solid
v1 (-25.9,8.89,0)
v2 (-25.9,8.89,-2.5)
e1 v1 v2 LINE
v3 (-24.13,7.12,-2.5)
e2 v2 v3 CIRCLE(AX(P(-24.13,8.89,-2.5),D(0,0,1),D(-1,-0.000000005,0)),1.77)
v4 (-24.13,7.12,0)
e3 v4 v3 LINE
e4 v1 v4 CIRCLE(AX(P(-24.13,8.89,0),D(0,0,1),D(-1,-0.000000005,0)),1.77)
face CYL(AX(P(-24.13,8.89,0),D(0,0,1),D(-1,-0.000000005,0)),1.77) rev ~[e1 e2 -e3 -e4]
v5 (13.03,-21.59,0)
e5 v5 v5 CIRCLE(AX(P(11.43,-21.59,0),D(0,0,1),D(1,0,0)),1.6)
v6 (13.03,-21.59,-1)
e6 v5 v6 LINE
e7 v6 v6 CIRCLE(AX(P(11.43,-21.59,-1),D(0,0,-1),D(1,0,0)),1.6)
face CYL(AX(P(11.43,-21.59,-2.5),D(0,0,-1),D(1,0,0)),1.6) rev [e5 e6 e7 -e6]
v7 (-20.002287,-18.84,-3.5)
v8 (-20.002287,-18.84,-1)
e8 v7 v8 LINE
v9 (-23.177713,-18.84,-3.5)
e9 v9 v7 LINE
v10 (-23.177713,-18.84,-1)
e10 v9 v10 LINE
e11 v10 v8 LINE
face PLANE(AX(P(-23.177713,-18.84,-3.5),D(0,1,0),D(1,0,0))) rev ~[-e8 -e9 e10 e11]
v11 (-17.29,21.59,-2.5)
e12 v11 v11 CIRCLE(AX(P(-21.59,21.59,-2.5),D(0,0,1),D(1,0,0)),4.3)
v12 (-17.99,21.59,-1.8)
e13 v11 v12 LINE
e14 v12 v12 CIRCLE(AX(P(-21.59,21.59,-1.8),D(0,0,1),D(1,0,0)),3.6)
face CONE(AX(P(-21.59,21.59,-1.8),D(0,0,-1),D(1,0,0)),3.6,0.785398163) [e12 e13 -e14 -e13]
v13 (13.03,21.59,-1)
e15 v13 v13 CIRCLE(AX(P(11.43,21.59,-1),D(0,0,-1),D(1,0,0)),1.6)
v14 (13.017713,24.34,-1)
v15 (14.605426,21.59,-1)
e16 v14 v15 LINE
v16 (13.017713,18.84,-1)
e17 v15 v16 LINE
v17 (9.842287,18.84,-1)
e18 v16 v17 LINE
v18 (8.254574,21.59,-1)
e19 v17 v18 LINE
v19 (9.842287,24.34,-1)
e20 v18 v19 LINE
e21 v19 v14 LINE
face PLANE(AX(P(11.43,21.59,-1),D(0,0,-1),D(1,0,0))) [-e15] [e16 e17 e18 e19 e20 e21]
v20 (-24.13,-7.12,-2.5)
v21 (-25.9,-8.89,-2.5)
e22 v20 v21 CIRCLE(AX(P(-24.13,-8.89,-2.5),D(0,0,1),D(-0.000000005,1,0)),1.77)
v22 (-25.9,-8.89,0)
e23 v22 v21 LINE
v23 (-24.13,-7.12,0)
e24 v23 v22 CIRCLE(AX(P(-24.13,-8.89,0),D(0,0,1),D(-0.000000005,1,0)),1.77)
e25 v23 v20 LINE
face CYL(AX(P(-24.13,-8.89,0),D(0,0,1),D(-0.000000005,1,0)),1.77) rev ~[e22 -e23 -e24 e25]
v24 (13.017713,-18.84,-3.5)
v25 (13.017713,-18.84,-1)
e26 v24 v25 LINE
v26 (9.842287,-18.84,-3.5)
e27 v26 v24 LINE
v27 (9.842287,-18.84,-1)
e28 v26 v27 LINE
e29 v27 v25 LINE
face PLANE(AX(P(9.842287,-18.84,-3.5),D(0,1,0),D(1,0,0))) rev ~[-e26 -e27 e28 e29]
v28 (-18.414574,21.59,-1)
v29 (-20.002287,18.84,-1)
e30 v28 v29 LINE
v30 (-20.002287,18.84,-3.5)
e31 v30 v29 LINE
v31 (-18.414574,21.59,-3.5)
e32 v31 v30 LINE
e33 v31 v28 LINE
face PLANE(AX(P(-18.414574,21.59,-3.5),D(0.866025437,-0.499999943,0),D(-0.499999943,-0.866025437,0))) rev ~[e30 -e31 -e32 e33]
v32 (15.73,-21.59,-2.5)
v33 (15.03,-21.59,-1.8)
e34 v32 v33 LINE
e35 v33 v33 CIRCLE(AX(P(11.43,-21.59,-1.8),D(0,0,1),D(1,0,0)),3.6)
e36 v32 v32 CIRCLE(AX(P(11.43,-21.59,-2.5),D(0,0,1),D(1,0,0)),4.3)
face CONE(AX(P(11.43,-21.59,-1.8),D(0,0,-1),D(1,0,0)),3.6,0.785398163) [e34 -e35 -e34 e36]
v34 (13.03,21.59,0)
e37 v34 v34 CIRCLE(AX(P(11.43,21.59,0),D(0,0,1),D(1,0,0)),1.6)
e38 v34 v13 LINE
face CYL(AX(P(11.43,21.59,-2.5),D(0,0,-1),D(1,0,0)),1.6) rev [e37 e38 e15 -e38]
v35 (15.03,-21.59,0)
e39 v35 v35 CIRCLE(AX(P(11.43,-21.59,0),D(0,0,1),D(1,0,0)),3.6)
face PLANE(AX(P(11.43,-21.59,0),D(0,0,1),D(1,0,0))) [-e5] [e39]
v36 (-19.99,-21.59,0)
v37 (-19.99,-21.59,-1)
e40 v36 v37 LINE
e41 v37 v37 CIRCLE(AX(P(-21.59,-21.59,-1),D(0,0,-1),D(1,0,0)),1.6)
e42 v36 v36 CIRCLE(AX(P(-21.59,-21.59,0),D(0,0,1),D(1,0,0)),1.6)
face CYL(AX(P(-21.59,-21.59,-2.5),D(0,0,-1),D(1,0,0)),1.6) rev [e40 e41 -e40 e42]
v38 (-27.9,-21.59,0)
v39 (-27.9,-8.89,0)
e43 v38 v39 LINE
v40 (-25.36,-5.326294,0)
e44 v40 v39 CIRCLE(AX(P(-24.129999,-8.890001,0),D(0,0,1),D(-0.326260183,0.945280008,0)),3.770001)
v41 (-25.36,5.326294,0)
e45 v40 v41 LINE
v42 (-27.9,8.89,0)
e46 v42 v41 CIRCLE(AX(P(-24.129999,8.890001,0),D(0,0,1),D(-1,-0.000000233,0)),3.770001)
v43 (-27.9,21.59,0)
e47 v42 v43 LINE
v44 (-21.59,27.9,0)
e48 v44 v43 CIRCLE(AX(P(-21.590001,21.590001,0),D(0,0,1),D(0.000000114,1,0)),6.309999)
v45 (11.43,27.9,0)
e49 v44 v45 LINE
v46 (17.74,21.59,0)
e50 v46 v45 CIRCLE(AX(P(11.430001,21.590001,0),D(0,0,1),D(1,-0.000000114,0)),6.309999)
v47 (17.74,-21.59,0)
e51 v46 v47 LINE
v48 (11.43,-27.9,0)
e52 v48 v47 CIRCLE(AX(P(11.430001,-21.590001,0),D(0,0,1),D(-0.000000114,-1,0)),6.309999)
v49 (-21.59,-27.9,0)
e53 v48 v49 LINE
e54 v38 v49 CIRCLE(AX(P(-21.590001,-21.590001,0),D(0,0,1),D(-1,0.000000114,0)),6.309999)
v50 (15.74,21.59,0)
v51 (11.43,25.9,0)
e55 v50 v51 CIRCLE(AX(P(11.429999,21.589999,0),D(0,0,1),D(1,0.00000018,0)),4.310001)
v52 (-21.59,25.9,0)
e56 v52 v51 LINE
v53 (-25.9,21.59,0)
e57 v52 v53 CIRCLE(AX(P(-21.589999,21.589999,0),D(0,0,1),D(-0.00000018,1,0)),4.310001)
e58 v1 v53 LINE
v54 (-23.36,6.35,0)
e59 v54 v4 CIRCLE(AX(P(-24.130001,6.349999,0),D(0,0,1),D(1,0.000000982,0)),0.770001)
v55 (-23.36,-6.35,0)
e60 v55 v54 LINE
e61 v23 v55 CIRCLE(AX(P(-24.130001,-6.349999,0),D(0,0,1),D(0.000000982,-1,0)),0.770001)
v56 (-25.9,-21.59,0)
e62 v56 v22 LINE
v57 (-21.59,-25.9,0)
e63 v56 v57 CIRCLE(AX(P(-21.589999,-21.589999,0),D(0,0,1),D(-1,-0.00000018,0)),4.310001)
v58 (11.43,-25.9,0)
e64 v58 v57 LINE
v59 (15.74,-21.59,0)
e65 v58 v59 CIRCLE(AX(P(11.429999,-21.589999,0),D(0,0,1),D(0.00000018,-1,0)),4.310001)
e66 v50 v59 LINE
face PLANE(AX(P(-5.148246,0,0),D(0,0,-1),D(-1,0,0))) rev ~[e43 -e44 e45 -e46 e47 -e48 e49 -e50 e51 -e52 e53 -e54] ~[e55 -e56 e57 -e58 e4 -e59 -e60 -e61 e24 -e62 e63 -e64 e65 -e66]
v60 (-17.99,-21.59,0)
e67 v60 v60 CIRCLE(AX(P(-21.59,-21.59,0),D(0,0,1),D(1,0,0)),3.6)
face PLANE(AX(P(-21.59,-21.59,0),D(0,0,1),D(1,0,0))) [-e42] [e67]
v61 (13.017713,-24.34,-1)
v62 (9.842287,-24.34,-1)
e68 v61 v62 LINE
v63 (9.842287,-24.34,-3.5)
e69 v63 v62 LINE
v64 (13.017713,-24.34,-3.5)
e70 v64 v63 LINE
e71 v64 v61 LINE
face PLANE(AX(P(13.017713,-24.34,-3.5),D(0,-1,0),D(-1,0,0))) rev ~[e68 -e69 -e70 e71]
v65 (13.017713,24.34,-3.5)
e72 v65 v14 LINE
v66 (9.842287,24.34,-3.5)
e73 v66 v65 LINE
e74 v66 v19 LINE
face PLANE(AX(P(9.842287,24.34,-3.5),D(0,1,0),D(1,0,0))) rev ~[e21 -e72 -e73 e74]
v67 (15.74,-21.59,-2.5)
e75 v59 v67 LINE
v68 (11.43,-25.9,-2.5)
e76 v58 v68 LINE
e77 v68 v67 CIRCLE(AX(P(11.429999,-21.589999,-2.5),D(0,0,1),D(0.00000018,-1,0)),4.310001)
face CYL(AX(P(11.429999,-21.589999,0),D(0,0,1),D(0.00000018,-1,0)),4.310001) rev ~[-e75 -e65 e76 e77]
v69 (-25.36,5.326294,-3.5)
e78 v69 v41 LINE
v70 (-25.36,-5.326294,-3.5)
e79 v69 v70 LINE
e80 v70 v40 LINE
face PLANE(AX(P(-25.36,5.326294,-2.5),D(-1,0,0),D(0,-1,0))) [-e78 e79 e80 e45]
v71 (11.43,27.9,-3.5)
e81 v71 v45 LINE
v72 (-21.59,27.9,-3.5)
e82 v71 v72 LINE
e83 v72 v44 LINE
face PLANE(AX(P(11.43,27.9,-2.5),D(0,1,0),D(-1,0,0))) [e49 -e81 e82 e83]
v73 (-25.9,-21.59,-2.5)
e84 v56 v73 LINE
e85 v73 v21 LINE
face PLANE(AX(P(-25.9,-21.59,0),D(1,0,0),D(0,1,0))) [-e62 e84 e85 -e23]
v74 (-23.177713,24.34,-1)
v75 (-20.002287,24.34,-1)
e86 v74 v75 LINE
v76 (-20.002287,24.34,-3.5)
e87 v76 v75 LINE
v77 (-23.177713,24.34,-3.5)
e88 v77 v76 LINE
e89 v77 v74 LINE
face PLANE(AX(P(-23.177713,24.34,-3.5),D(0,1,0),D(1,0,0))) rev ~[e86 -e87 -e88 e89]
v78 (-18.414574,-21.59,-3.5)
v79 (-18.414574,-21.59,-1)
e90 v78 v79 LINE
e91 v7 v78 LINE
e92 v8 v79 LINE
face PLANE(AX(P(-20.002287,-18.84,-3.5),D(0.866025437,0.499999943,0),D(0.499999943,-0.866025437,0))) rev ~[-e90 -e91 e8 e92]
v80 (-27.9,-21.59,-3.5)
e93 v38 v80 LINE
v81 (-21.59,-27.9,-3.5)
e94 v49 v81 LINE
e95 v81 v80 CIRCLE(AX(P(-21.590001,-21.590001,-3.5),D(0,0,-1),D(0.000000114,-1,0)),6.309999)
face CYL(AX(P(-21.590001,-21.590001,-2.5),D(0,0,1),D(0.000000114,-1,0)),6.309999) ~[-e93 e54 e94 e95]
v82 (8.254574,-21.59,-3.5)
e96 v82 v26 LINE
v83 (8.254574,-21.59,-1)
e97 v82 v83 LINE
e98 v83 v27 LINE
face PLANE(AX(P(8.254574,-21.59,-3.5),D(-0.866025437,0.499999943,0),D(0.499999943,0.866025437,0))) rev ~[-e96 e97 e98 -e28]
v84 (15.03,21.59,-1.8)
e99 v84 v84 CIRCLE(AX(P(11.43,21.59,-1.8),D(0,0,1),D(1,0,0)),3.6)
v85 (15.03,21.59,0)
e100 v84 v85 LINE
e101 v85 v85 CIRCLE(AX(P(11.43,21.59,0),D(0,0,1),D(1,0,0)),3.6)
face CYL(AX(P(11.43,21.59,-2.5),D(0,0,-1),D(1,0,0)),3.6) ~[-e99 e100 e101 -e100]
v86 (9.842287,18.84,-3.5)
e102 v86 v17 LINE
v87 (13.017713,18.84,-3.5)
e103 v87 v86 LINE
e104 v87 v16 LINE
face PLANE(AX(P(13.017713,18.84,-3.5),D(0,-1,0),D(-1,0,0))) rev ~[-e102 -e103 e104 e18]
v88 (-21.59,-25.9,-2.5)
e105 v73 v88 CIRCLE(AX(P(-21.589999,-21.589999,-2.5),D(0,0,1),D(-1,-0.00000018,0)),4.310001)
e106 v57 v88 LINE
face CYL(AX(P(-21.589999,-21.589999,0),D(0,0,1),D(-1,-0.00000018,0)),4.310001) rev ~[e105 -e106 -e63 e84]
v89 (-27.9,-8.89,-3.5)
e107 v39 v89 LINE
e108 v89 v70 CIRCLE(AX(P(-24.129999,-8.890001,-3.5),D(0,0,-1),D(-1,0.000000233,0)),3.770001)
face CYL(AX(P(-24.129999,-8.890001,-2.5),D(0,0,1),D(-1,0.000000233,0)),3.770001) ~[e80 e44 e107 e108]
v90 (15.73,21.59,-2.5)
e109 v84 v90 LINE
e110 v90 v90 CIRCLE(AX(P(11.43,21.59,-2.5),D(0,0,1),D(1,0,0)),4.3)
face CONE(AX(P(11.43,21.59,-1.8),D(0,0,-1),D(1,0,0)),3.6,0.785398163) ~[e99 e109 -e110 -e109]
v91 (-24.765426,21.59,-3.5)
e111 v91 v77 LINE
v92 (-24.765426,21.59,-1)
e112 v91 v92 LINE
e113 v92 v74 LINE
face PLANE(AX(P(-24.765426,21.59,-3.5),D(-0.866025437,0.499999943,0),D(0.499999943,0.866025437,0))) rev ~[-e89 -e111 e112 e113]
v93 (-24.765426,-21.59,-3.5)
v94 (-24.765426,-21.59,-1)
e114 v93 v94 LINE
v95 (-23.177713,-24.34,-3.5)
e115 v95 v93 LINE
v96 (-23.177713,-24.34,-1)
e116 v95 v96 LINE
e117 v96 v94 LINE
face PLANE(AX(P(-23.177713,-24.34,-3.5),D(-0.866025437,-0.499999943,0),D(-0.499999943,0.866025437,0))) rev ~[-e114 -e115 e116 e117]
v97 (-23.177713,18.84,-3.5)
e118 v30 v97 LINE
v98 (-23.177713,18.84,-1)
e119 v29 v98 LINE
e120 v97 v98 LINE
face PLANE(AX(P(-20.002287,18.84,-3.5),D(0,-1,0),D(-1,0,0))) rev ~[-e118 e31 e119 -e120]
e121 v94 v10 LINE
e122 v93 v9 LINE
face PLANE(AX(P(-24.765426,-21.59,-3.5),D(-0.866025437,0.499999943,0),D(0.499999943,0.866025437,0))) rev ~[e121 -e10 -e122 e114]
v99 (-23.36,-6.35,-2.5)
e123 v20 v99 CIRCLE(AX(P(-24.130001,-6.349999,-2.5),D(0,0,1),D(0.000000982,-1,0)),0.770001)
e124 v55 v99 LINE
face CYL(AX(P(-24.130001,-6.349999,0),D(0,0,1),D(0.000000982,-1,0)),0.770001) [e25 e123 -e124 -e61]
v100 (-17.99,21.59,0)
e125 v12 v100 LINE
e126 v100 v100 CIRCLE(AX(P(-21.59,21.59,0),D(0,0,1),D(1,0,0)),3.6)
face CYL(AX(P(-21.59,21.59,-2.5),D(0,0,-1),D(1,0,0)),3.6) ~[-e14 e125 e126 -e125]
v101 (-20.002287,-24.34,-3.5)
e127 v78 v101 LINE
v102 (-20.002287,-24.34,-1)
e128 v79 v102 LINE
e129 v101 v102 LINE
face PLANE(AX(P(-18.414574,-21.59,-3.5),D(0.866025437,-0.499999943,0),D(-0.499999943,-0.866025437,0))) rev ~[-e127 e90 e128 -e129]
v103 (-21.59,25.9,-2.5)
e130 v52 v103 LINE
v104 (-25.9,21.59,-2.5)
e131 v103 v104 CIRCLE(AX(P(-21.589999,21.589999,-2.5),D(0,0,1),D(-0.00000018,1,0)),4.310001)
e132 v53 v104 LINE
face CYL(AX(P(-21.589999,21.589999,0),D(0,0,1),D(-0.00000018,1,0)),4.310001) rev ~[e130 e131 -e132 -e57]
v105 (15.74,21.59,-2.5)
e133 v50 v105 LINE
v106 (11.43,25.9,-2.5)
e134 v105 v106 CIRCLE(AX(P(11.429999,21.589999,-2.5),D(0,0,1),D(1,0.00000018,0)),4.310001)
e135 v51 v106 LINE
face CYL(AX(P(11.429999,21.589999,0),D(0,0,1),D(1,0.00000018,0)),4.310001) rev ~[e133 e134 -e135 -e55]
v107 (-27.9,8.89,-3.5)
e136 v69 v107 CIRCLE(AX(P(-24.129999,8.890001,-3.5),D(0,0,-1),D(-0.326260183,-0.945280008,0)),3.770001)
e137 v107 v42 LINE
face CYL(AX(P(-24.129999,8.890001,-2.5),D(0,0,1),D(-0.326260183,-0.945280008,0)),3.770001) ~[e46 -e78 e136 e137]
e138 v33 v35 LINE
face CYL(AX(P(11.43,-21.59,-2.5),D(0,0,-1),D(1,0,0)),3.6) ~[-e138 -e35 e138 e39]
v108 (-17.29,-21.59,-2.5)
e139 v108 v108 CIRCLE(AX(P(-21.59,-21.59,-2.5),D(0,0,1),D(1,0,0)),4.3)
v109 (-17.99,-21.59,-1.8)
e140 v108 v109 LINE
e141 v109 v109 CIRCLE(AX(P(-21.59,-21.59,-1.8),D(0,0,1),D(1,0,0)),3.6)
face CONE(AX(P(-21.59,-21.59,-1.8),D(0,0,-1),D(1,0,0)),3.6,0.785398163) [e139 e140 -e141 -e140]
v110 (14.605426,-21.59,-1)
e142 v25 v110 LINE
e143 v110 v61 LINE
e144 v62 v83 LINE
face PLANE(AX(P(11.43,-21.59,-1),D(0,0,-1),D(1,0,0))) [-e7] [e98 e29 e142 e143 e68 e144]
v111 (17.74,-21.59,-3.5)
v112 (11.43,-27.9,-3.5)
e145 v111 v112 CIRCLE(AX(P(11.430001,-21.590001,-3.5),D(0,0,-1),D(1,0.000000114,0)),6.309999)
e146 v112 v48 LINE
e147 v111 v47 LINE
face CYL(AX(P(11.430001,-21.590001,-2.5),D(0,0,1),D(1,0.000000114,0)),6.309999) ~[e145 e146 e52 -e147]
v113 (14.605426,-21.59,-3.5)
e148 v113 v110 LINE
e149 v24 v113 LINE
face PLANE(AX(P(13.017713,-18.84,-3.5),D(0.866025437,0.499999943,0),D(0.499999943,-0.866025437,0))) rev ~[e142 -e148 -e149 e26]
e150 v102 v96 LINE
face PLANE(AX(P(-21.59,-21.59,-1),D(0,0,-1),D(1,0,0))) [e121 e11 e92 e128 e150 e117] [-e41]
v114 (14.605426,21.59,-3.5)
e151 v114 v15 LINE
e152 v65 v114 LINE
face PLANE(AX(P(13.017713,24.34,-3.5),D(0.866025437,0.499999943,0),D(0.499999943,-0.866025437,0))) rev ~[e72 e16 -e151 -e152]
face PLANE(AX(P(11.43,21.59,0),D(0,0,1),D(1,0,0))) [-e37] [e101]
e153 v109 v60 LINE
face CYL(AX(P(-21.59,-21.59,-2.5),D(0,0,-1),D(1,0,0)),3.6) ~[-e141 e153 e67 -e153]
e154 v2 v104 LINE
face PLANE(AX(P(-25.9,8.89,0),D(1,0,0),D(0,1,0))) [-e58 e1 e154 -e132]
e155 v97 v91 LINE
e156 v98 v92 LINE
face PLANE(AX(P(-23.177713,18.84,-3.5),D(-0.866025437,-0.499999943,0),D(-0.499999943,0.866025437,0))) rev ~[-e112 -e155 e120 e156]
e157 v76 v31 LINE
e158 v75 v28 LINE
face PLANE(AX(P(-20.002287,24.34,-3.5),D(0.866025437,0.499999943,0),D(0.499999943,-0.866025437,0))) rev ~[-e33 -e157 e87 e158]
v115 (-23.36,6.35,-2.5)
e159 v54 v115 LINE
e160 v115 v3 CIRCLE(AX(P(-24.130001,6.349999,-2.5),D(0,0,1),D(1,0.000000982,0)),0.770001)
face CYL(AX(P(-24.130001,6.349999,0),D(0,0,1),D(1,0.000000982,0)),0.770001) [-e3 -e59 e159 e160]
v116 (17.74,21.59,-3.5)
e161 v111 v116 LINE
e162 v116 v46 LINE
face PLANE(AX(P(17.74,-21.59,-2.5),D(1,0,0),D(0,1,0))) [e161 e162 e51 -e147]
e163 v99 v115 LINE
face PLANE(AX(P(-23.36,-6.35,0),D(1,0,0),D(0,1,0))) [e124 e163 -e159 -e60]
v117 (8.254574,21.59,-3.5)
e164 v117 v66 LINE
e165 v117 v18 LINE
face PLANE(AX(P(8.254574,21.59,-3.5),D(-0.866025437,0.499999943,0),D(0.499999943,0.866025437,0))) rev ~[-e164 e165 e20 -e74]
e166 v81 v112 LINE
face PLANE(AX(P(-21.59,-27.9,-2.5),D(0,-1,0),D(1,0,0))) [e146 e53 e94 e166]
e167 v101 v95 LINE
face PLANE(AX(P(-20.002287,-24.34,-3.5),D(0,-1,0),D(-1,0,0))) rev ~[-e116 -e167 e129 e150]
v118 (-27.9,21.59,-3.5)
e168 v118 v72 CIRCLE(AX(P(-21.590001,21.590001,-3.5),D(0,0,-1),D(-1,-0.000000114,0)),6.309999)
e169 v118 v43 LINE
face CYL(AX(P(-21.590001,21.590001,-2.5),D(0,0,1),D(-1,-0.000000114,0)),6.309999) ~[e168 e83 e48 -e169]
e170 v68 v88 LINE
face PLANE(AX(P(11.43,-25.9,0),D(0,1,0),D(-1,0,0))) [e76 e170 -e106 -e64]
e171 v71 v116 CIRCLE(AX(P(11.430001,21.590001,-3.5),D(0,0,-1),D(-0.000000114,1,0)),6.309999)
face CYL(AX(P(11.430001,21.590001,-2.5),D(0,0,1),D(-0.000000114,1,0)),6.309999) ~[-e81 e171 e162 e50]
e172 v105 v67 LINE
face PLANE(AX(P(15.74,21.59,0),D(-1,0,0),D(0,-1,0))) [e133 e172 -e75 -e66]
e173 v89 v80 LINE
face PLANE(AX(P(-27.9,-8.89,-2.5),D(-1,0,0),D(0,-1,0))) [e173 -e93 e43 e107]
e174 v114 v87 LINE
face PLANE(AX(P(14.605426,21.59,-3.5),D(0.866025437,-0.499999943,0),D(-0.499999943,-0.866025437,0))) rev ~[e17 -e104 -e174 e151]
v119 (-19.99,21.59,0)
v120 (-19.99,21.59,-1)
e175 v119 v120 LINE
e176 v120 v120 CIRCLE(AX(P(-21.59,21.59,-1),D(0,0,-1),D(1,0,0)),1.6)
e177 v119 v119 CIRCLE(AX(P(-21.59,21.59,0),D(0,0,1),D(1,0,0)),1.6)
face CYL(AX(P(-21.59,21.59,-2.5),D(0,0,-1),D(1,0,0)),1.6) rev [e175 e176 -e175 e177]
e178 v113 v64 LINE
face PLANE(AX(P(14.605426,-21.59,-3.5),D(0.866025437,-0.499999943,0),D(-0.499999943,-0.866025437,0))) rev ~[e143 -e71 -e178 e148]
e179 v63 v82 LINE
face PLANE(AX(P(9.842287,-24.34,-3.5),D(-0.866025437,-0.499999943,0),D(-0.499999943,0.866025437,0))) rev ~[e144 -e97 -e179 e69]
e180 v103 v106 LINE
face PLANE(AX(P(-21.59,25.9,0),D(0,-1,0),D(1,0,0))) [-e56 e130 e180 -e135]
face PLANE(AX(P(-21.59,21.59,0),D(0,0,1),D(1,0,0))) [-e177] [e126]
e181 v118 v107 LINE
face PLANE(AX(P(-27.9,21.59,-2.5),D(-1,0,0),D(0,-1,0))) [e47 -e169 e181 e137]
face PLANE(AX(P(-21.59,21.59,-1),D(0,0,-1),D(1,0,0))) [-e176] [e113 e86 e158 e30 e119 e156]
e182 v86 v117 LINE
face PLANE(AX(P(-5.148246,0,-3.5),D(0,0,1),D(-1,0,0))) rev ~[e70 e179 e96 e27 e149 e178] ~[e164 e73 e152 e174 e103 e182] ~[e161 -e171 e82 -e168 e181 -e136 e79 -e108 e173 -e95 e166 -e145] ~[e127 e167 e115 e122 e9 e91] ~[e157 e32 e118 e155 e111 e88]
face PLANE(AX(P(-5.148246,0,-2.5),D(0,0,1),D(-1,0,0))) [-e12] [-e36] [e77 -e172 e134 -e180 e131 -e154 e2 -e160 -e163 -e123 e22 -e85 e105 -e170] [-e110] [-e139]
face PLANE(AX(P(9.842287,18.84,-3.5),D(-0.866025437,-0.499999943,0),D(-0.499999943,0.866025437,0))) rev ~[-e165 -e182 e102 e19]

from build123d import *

# Parameters (mm, degrees)
PAD_DEPTH       = 2.5
PAD001_DEPTH    = 1
SKETCH003_R     = 1.6
POCKET_DEPTH    = 3.501
SKETCH004_R     = 3.6
SKETCH004_R_2   = 1.6
PAD002_DEPTH    = 2.5
POCKET003_DEPTH = 2.5
CHAMFER005_SIZE = 0.7


with BuildPart() as part:
    # Sketch001 → Pad (new body)
    with BuildSketch(Plane.XY):
        with BuildLine():
            Line((-21.59, 27.9), (11.43, 27.9))
            ThreePointArc((17.74, 21.59), (15.891844, 26.051844), (11.43, 27.9))
            Line((17.74, 21.59), (17.74, -21.59))
            ThreePointArc((11.43, -27.9), (15.891844, -26.051844), (17.74, -21.59))
            Line((11.43, -27.9), (-21.59, -27.9))
            ThreePointArc((-27.9, -21.59), (-26.051844, -26.051844), (-21.59, -27.9))
            Line((-27.9, -21.59), (-27.9, -8.89))
            ThreePointArc((-25.36, -5.326294), (-27.200016, -6.701873), (-27.9, -8.89))
            Line((-25.36, -5.326294), (-25.36, 5.326294))
            ThreePointArc((-27.9, 8.89), (-27.200016, 6.701873), (-25.36, 5.326294))
            Line((-27.9, 8.89), (-27.9, 21.59))
            ThreePointArc((-21.59, 27.9), (-26.051844, 26.051844), (-27.9, 21.59))
        make_face()
        with BuildLine():
            Line((-21.59, 25.9), (11.43, 25.9))
            ThreePointArc((15.74, 21.59), (14.47763, 24.63763), (11.43, 25.9))
            Line((15.74, 21.59), (15.74, -21.59))
            ThreePointArc((11.43, -25.9), (14.47763, -24.63763), (15.74, -21.59))
            Line((11.43, -25.9), (-21.59, -25.9))
            ThreePointArc((-25.9, -21.59), (-24.63763, -24.63763), (-21.59, -25.9))
            Line((-25.9, -21.59), (-25.9, -8.89))
            ThreePointArc((-24.13, -7.12), (-25.381579, -7.638421), (-25.9, -8.89))
            ThreePointArc((-24.13, -7.12), (-23.585528, -6.894472), (-23.36, -6.35))
            Line((-23.36, -6.35), (-23.36, 6.35))
            ThreePointArc((-23.36, 6.35), (-23.585528, 6.894472), (-24.13, 7.12))
            ThreePointArc((-25.9, 8.89), (-25.381579, 7.638421), (-24.13, 7.12))
            Line((-25.9, 8.89), (-25.9, 21.59))
            ThreePointArc((-21.59, 25.9), (-24.63763, 24.63763), (-25.9, 21.59))
        make_face(mode=Mode.SUBTRACT)
    extrude(amount=-PAD_DEPTH)

    # Sketch002 (on Face28 of Pad) → Pad001 (join)
    with BuildSketch(Plane(origin=(0, 0, -2.5), x_dir=(1, 0, 0), z_dir=(0, 0, -1))):
        with BuildLine():
            Line((-21.59, 27.9), (11.43, 27.9))
            ThreePointArc((17.74, 21.59), (15.891844, 26.051844), (11.43, 27.9))
            Line((17.74, 21.59), (17.74, -21.59))
            ThreePointArc((11.43, -27.9), (15.891844, -26.051844), (17.74, -21.59))
            Line((11.43, -27.9), (-21.59, -27.9))
            ThreePointArc((-27.9, -21.59), (-26.051844, -26.051844), (-21.59, -27.9))
            Line((-27.9, -21.59), (-27.9, -8.89))
            ThreePointArc((-25.36, -5.326294), (-27.200016, -6.701873), (-27.9, -8.89))
            Line((-25.36, -5.326294), (-25.36, 5.326294))
            ThreePointArc((-27.9, 8.89), (-27.200016, 6.701873), (-25.36, 5.326294))
            Line((-27.9, 8.89), (-27.9, 21.59))
            ThreePointArc((-21.59, 27.9), (-26.051844, 26.051844), (-27.9, 21.59))
        make_face()
    extrude(amount=PAD001_DEPTH)

    # Sketch003 (on Face31 of Pad001) → Pocket (cut, through all)
    with BuildSketch(Plane(origin=(0, 0, -3.5), x_dir=(1, 0, 0), z_dir=(0, 0, -1))):
        with Locations((-21.59, 21.59)):
            Circle(SKETCH003_R)
        with Locations((11.43, 21.59)):
            Circle(SKETCH003_R)
        with Locations((11.43, -21.59)):
            Circle(SKETCH003_R)
        with Locations((-21.59, -21.59)):
            Circle(SKETCH003_R)
    extrude(amount=-POCKET_DEPTH, mode=Mode.SUBTRACT)

    # Sketch004 (on Face41 of Pocket) → Pad002 (join)
    with BuildSketch(Plane.XY.offset(-2.5)):
        with Locations((11.43, 21.59)):
            Circle(SKETCH004_R)
        with Locations((11.43, 21.59)):
            Circle(SKETCH004_R_2, mode=Mode.SUBTRACT)
        with Locations((-21.59, 21.59)):
            Circle(SKETCH004_R)
        with Locations((-21.59, 21.59)):
            Circle(SKETCH004_R_2, mode=Mode.SUBTRACT)
        with Locations((11.43, -21.59)):
            Circle(SKETCH004_R)
        with Locations((11.43, -21.59)):
            Circle(SKETCH004_R_2, mode=Mode.SUBTRACT)
        with Locations((-21.59, -21.59)):
            Circle(SKETCH004_R)
        with Locations((-21.59, -21.59)):
            Circle(SKETCH004_R_2, mode=Mode.SUBTRACT)
    extrude(amount=PAD002_DEPTH)

    # Sketch012 (on Face31 of Pad002) → Pocket003 (cut)
    with BuildSketch(Plane(origin=(0, 0, -3.5), x_dir=(1, 0, 0), z_dir=(0, 0, -1))):
        Polygon((-18.414574, -21.59), (-20.002287, -18.84), (-23.177713, -18.84), (-24.765426, -21.59), (-23.177713, -24.34), (-20.002287, -24.34), align=None)
        Polygon((8.254574, -21.59), (9.842287, -24.34), (13.017713, -24.34), (14.605426, -21.59), (13.017713, -18.84), (9.842287, -18.84), align=None)
        Polygon((-24.765426, 21.59), (-23.177713, 18.84), (-20.002287, 18.84), (-18.414574, 21.59), (-20.002287, 24.34), (-23.177713, 24.34), align=None)
        Polygon((14.605426, 21.59), (13.017713, 24.34), (9.842287, 24.34), (8.254574, 21.59), (9.842287, 18.84), (13.017713, 18.84), align=None)
    extrude(amount=-POCKET003_DEPTH, mode=Mode.SUBTRACT)

    # Chamfer005
    chamfer005_edges = [part.edges().sort_by_distance(p)[0] for p in [
        (-25.19, 21.59, -2.5),
        (7.83, 21.59, -2.5),
        (-25.19, -21.59, -2.5),
        (7.83, -21.59, -2.5),
    ]]
    chamfer(chamfer005_edges, length=CHAMFER005_SIZE)


solid = part.part
